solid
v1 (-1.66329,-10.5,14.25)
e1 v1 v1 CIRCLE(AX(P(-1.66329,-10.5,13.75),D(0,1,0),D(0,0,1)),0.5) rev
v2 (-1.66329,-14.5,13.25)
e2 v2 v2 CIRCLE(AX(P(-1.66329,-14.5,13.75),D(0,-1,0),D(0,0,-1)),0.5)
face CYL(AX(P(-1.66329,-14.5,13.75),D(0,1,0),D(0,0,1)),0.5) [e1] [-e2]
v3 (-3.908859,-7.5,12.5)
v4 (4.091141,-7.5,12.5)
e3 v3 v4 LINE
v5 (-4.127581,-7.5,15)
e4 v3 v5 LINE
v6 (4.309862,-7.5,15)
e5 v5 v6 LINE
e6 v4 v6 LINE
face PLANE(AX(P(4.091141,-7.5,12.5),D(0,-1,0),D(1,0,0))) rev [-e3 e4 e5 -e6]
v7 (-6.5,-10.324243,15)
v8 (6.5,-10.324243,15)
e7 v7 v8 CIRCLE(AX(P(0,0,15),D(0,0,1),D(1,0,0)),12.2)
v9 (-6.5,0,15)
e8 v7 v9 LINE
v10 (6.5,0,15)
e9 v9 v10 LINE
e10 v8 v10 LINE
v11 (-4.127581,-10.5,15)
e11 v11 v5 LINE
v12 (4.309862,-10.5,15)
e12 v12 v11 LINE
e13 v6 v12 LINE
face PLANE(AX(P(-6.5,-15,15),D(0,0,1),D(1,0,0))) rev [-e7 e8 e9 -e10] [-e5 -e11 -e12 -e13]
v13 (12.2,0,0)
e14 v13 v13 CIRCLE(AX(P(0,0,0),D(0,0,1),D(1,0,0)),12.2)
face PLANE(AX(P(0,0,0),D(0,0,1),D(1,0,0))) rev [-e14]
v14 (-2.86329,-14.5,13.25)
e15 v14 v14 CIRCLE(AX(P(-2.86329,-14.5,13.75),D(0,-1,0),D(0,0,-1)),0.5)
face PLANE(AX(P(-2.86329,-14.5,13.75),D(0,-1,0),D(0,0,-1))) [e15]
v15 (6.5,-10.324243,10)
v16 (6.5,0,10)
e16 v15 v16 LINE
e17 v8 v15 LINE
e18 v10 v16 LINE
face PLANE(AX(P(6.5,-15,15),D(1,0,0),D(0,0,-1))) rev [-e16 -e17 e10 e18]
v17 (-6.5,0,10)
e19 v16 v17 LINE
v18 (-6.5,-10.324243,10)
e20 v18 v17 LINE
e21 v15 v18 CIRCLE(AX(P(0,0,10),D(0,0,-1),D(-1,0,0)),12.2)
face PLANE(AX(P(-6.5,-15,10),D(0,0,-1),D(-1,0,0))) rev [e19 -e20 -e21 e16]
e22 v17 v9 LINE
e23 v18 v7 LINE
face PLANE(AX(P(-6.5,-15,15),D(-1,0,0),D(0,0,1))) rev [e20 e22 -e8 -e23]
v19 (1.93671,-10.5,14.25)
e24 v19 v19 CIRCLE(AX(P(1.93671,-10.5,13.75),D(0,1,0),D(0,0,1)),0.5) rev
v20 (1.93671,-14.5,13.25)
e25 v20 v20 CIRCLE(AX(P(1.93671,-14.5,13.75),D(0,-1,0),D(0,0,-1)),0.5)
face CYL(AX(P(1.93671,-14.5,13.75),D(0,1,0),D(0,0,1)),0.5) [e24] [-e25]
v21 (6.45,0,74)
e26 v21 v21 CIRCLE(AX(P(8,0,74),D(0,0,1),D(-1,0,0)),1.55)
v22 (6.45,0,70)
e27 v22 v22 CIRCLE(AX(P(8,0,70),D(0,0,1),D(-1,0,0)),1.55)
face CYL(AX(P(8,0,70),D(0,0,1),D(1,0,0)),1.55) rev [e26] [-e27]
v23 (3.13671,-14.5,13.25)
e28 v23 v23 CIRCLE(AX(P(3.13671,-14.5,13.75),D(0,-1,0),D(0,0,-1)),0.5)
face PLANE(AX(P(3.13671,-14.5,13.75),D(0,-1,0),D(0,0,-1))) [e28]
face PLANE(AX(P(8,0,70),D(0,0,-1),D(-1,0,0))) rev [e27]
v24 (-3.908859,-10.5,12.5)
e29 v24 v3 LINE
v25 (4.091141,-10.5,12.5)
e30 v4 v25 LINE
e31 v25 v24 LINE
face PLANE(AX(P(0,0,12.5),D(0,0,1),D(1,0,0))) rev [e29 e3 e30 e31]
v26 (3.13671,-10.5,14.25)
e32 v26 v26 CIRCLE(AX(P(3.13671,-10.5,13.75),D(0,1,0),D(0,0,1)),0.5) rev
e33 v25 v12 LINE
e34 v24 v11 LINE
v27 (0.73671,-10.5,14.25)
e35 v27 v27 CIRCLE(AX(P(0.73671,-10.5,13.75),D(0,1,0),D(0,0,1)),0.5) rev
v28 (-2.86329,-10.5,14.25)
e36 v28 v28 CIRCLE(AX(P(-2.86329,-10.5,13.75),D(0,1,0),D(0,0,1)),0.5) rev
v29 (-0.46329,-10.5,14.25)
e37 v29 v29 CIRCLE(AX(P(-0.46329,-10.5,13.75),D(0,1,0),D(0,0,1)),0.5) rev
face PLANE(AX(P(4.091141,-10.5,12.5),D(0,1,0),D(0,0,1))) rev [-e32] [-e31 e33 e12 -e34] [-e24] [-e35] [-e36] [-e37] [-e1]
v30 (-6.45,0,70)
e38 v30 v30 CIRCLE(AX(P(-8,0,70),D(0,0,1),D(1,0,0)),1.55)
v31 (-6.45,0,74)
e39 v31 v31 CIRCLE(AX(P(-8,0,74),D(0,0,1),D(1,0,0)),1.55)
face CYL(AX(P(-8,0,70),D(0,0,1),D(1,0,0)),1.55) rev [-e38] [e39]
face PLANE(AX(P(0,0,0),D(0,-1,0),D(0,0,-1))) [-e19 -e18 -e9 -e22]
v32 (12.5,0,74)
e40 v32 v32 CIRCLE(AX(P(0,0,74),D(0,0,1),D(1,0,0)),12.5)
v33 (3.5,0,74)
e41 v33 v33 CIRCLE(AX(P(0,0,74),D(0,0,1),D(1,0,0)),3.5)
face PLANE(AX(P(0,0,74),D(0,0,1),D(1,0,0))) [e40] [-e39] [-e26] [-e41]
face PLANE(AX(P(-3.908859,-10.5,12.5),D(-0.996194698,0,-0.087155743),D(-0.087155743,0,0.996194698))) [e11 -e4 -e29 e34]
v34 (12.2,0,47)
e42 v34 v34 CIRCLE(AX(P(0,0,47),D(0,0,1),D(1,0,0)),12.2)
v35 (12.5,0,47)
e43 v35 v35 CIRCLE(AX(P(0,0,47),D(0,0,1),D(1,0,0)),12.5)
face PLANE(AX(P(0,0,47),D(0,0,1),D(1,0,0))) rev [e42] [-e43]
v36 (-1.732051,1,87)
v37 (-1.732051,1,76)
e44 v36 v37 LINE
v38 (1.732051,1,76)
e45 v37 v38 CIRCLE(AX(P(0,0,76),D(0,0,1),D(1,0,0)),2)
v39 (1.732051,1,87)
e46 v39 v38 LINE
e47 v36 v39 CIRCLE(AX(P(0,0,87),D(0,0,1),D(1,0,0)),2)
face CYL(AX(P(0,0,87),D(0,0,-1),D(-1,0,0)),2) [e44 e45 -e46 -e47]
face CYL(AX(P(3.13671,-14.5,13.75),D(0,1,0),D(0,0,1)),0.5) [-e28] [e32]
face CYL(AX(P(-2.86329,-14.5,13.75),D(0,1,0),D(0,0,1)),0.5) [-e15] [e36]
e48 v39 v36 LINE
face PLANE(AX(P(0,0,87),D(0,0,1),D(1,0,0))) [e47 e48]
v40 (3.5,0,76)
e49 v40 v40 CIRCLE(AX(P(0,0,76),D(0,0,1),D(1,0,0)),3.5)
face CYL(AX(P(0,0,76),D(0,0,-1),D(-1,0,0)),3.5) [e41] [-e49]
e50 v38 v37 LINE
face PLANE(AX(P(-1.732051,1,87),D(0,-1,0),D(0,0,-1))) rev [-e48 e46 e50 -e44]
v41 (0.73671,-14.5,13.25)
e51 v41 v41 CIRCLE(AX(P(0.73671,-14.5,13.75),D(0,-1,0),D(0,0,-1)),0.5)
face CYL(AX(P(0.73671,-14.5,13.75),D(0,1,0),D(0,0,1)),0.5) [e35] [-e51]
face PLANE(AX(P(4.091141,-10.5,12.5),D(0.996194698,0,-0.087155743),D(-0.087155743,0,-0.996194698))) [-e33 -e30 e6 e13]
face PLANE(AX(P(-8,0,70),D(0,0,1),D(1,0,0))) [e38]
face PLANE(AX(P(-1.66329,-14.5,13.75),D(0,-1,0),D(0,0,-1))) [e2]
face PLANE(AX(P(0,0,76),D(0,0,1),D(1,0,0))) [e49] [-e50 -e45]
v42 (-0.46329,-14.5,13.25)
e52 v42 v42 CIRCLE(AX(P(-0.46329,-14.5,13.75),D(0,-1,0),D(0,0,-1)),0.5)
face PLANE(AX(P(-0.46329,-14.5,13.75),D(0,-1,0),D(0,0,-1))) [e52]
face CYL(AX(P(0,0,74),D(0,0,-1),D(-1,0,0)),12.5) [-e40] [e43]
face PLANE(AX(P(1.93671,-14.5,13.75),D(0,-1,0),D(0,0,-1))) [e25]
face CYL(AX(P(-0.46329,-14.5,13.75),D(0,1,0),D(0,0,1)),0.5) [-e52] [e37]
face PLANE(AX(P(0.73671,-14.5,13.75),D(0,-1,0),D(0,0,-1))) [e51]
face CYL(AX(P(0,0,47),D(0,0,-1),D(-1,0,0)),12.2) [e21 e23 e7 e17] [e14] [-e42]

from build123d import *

# Parameters (mm, degrees)
SKETCH1_R           = 12.2
BOSS_EXTRUDE1_DEPTH = 47
SKETCH2_R           = 12.5
BOSS_EXTRUDE2_DEPTH = 27
SKETCH3_R           = 3.5
BOSS_EXTRUDE3_DEPTH = 2
BOSS_EXTRUDE4_DEPTH = 11
SKETCH6_W           = 13
SKETCH6_H           = 5
CUT_EXTRUDE1_DEPTH  = 15
SKETCH7_W           = 8
SKETCH7_H           = 3
BOSS_EXTRUDE6_DEPTH = 2.5
SKETCH8_R           = 0.5
BOSS_EXTRUDE7_DEPTH = 4
DRAFT1_ANGLE        = 5
SKETCH9_R           = 1.55
CUT_EXTRUDE2_DEPTH  = 4


with BuildPart() as part:
    # Sketch1 → Boss-Extrude1 (new body)
    with BuildSketch(Plane.XY):
        Circle(SKETCH1_R)
    extrude(amount=BOSS_EXTRUDE1_DEPTH)

    # Sketch2 → Boss-Extrude2 (add)
    with BuildSketch(Plane.XY.offset(47)):
        Circle(SKETCH2_R)
    extrude(amount=BOSS_EXTRUDE2_DEPTH)

    # Sketch3 → Boss-Extrude3 (add)
    with BuildSketch(Plane.XY.offset(74)):
        Circle(SKETCH3_R)
    extrude(amount=BOSS_EXTRUDE3_DEPTH)

    # Sketch4 → Boss-Extrude4 (add)
    with BuildSketch(Plane.XY.offset(76)):
        with BuildLine():
            Line((-1.732050808, 1), (1.732050808, 1))
            ThreePointArc((1.732050808, 1), (0, -2), (-1.732050808, 1))
        make_face()
    extrude(amount=BOSS_EXTRUDE4_DEPTH)

    # Sketch6 → Cut-Extrude1 (cut)
    with BuildSketch(Plane(origin=(0, 0, 0), x_dir=(1, 0, 0), z_dir=(0, 1, 0))):
        with Locations((0, -12.5)):
            Rectangle(SKETCH6_W, SKETCH6_H)
    extrude(amount=-CUT_EXTRUDE1_DEPTH, mode=Mode.SUBTRACT)

    # Sketch7 → Boss-Extrude6 (add)
    with BuildSketch(Plane(origin=(0, 0, 15), x_dir=(-1, 0, 0), z_dir=(0, 0, -1))):
        with Locations((-0.091140641, -9)):
            Rectangle(SKETCH7_W, SKETCH7_H)
    extrude(amount=BOSS_EXTRUDE6_DEPTH)

    # Sketch8 → Boss-Extrude7 (add)
    with BuildSketch(Plane.XZ.offset(10.5)):
        with Locations((-2.863289538, 13.75)):
            Circle(SKETCH8_R)
        with Locations((-1.663289538, 13.75)):
            Circle(SKETCH8_R)
        with Locations((-0.463289538, 13.75)):
            Circle(SKETCH8_R)
        with Locations((0.736710462, 13.75)):
            Circle(SKETCH8_R)
        with Locations((1.936710462, 13.75)):
            Circle(SKETCH8_R)
        with Locations((3.136710462, 13.75)):
            Circle(SKETCH8_R)
    extrude(amount=BOSS_EXTRUDE7_DEPTH)

    # Draft1
    draft1_faces = [part.faces().sort_by_distance(p)[0] for p in [
        (4.091140641, -9, 13.75),
        (-3.908859359, -9, 13.75),
    ]]
    draft(draft1_faces, Plane(origin=(0, 0, 12.5), x_dir=(-1, 0, 0), z_dir=(0, 0, -1)), DRAFT1_ANGLE)

    # Sketch9 → Cut-Extrude2 (cut)
    with BuildSketch(Plane.XY.offset(74)):
        with Locations((-8, 0)):
            Circle(SKETCH9_R)
        with Locations((8, 0)):
            Circle(SKETCH9_R)
    extrude(amount=-CUT_EXTRUDE2_DEPTH, mode=Mode.SUBTRACT)


solid = part.part
